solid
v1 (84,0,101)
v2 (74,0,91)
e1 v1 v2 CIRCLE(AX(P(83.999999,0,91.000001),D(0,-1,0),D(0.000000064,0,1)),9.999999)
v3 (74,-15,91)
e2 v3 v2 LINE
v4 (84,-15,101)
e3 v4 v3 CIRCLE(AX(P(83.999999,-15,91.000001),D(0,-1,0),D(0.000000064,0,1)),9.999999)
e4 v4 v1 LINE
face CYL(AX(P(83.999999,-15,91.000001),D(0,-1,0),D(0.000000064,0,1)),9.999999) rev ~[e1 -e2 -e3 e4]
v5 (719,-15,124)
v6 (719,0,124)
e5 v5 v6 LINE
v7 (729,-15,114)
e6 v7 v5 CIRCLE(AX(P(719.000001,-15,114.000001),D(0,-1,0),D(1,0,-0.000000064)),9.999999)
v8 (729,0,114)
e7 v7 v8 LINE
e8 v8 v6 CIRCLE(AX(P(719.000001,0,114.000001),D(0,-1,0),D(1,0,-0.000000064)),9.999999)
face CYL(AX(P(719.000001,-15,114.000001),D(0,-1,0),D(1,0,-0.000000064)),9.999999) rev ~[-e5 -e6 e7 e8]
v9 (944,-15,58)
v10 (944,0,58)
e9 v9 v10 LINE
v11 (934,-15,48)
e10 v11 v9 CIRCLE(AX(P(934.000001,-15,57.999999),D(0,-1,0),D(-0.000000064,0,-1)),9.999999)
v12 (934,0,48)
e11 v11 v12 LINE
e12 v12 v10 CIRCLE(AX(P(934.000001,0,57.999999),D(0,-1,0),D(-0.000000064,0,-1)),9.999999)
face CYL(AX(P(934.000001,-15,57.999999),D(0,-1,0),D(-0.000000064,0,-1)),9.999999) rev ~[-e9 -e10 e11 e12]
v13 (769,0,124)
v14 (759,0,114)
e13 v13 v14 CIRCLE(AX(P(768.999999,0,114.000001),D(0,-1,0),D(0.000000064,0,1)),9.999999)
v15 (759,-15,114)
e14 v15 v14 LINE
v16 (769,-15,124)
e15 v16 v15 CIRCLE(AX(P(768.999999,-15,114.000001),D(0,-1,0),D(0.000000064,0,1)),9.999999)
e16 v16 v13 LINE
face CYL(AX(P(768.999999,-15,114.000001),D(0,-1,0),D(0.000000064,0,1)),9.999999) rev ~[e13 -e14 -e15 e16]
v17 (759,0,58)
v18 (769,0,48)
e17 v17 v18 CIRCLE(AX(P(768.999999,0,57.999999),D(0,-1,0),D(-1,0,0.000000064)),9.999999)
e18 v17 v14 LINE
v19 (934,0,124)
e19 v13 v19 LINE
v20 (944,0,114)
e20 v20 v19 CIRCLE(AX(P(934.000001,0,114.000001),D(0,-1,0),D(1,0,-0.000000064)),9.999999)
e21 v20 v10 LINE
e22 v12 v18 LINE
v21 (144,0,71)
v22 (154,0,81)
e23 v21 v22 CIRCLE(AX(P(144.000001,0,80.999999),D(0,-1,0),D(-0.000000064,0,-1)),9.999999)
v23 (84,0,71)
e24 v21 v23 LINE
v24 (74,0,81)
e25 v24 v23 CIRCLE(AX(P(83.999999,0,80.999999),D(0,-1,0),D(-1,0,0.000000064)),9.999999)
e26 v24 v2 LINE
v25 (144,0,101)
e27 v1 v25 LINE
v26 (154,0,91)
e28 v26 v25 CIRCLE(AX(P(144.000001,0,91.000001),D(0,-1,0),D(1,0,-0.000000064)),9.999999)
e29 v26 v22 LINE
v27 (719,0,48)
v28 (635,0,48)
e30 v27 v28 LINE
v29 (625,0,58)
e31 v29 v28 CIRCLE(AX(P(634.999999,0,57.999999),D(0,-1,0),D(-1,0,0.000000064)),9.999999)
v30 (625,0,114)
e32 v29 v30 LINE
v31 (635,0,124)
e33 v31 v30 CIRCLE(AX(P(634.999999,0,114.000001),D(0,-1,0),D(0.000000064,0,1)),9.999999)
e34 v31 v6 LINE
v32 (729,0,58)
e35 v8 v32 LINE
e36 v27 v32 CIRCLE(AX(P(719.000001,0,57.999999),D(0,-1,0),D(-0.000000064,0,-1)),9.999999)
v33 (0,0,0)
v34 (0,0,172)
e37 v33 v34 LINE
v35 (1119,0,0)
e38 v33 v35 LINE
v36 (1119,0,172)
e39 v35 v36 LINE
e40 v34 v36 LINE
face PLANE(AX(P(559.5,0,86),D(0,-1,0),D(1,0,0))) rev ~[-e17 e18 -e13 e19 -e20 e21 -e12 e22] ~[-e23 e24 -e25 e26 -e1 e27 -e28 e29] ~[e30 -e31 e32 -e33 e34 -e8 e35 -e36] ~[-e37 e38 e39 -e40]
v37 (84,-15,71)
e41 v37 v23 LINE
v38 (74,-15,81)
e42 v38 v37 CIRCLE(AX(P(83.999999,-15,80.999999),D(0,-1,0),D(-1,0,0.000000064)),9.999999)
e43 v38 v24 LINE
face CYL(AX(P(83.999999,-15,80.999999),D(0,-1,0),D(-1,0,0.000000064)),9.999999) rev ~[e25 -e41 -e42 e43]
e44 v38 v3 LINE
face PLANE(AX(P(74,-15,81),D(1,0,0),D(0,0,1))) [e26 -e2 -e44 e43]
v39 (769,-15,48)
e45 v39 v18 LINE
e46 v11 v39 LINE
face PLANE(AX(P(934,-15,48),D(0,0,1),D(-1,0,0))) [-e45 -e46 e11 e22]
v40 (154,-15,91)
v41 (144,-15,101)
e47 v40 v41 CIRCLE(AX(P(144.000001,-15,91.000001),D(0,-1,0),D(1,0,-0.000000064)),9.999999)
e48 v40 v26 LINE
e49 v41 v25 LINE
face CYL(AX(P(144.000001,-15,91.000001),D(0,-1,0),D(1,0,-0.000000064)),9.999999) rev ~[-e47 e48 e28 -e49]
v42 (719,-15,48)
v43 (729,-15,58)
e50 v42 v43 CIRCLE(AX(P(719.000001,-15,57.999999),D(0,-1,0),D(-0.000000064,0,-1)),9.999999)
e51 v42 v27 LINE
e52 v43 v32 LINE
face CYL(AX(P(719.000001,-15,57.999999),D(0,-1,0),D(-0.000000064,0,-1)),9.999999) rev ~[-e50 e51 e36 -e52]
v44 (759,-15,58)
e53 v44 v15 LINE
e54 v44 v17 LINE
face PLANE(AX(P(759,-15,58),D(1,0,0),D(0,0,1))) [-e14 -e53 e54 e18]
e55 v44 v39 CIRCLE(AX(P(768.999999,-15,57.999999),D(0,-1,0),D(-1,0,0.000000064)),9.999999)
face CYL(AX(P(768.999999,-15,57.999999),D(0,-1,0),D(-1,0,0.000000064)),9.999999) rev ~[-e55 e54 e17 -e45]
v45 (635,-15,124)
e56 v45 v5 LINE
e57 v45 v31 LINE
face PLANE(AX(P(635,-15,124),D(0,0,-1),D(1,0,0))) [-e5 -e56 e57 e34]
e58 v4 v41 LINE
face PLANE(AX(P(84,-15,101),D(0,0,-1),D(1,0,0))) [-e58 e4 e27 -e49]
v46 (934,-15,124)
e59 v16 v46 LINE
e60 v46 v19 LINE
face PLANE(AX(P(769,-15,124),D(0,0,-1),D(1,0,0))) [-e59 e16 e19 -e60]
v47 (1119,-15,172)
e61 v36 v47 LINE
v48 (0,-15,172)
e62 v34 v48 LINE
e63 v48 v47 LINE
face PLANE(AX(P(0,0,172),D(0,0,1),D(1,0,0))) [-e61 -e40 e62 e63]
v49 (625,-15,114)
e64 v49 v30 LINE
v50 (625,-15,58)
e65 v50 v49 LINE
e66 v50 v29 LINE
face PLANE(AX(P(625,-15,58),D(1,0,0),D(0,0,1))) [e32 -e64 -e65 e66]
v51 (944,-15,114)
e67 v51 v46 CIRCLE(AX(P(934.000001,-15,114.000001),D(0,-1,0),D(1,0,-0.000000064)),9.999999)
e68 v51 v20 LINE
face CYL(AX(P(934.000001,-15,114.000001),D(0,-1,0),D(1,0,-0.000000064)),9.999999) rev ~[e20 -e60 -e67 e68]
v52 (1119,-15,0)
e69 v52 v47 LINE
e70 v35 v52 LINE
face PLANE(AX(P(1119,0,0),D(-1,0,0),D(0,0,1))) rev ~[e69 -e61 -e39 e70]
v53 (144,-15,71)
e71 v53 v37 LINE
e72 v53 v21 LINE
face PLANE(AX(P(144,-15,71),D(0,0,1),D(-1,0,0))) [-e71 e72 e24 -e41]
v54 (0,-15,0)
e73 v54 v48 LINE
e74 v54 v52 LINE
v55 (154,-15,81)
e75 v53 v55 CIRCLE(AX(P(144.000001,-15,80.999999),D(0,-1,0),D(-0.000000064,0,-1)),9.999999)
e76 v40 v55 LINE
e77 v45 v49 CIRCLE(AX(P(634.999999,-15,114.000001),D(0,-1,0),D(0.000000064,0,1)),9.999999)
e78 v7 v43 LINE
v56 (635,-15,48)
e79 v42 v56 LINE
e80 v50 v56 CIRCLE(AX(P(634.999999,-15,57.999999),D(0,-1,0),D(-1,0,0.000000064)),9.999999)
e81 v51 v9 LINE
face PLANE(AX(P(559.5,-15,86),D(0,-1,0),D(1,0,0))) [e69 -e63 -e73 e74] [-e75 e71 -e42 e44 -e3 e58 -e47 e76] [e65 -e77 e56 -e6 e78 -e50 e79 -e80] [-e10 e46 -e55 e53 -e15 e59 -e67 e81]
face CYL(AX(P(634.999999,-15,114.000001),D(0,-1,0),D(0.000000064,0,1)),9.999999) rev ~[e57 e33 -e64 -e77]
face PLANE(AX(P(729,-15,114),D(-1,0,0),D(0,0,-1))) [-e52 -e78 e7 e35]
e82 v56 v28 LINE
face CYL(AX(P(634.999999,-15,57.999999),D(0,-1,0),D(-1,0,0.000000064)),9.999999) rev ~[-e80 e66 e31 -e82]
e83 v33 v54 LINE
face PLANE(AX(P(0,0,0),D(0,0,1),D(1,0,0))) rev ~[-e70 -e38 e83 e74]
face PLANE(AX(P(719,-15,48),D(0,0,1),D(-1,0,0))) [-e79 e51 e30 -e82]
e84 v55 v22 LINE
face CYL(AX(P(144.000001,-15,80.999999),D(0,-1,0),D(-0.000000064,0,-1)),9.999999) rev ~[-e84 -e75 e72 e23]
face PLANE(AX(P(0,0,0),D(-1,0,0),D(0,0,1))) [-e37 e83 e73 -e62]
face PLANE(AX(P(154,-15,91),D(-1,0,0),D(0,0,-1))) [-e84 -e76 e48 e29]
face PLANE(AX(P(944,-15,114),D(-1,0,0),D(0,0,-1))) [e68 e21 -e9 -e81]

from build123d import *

# Parameters (mm, degrees)
SKETCH_W     = 1119
SKETCH_H     = 172
PAD_DEPTH    = 15
POCKET_DEPTH = 15.001


with BuildPart() as part:
    # Sketch → Pad (new body)
    with BuildSketch(Plane.XZ):
        with Locations((559.5, 86)):
            Rectangle(SKETCH_W, SKETCH_H)
    extrude(amount=PAD_DEPTH)

    # Sketch001 (on Face6 of Pad) → Pocket (cut, through all)
    with BuildSketch(Plane.XZ.offset(15)):
        with BuildLine():
            ThreePointArc((635, 124), (627.928932, 121.071068), (625, 114))
            Line((625, 58), (625, 114))
            ThreePointArc((625, 58), (627.928932, 50.928932), (635, 48))
            Line((719, 48), (635, 48))
            ThreePointArc((719, 48), (726.071068, 50.928932), (729, 58))
            Line((729, 114), (729, 58))
            ThreePointArc((729, 114), (726.071068, 121.071068), (719, 124))
            Line((635, 124), (719, 124))
        make_face()
        with BuildLine():
            ThreePointArc((769, 124), (761.928932, 121.071068), (759, 114))
            Line((759, 58), (759, 114))
            ThreePointArc((759, 58), (761.928932, 50.928932), (769, 48))
            Line((934, 48), (769, 48))
            ThreePointArc((934, 48), (941.071068, 50.928932), (944, 58))
            Line((944, 114), (944, 58))
            ThreePointArc((944, 114), (941.071068, 121.071068), (934, 124))
            Line((769, 124), (934, 124))
        make_face()
        with BuildLine():
            ThreePointArc((84, 101), (76.928932, 98.071068), (74, 91))
            Line((74, 81), (74, 91))
            ThreePointArc((74, 81), (76.928932, 73.928932), (84, 71))
            Line((144, 71), (84, 71))
            ThreePointArc((144, 71), (151.071068, 73.928932), (154, 81))
            Line((154, 91), (154, 81))
            ThreePointArc((154, 91), (151.071068, 98.071068), (144, 101))
            Line((84, 101), (144, 101))
        make_face()
    extrude(amount=-POCKET_DEPTH, mode=Mode.SUBTRACT)


solid = part.part
